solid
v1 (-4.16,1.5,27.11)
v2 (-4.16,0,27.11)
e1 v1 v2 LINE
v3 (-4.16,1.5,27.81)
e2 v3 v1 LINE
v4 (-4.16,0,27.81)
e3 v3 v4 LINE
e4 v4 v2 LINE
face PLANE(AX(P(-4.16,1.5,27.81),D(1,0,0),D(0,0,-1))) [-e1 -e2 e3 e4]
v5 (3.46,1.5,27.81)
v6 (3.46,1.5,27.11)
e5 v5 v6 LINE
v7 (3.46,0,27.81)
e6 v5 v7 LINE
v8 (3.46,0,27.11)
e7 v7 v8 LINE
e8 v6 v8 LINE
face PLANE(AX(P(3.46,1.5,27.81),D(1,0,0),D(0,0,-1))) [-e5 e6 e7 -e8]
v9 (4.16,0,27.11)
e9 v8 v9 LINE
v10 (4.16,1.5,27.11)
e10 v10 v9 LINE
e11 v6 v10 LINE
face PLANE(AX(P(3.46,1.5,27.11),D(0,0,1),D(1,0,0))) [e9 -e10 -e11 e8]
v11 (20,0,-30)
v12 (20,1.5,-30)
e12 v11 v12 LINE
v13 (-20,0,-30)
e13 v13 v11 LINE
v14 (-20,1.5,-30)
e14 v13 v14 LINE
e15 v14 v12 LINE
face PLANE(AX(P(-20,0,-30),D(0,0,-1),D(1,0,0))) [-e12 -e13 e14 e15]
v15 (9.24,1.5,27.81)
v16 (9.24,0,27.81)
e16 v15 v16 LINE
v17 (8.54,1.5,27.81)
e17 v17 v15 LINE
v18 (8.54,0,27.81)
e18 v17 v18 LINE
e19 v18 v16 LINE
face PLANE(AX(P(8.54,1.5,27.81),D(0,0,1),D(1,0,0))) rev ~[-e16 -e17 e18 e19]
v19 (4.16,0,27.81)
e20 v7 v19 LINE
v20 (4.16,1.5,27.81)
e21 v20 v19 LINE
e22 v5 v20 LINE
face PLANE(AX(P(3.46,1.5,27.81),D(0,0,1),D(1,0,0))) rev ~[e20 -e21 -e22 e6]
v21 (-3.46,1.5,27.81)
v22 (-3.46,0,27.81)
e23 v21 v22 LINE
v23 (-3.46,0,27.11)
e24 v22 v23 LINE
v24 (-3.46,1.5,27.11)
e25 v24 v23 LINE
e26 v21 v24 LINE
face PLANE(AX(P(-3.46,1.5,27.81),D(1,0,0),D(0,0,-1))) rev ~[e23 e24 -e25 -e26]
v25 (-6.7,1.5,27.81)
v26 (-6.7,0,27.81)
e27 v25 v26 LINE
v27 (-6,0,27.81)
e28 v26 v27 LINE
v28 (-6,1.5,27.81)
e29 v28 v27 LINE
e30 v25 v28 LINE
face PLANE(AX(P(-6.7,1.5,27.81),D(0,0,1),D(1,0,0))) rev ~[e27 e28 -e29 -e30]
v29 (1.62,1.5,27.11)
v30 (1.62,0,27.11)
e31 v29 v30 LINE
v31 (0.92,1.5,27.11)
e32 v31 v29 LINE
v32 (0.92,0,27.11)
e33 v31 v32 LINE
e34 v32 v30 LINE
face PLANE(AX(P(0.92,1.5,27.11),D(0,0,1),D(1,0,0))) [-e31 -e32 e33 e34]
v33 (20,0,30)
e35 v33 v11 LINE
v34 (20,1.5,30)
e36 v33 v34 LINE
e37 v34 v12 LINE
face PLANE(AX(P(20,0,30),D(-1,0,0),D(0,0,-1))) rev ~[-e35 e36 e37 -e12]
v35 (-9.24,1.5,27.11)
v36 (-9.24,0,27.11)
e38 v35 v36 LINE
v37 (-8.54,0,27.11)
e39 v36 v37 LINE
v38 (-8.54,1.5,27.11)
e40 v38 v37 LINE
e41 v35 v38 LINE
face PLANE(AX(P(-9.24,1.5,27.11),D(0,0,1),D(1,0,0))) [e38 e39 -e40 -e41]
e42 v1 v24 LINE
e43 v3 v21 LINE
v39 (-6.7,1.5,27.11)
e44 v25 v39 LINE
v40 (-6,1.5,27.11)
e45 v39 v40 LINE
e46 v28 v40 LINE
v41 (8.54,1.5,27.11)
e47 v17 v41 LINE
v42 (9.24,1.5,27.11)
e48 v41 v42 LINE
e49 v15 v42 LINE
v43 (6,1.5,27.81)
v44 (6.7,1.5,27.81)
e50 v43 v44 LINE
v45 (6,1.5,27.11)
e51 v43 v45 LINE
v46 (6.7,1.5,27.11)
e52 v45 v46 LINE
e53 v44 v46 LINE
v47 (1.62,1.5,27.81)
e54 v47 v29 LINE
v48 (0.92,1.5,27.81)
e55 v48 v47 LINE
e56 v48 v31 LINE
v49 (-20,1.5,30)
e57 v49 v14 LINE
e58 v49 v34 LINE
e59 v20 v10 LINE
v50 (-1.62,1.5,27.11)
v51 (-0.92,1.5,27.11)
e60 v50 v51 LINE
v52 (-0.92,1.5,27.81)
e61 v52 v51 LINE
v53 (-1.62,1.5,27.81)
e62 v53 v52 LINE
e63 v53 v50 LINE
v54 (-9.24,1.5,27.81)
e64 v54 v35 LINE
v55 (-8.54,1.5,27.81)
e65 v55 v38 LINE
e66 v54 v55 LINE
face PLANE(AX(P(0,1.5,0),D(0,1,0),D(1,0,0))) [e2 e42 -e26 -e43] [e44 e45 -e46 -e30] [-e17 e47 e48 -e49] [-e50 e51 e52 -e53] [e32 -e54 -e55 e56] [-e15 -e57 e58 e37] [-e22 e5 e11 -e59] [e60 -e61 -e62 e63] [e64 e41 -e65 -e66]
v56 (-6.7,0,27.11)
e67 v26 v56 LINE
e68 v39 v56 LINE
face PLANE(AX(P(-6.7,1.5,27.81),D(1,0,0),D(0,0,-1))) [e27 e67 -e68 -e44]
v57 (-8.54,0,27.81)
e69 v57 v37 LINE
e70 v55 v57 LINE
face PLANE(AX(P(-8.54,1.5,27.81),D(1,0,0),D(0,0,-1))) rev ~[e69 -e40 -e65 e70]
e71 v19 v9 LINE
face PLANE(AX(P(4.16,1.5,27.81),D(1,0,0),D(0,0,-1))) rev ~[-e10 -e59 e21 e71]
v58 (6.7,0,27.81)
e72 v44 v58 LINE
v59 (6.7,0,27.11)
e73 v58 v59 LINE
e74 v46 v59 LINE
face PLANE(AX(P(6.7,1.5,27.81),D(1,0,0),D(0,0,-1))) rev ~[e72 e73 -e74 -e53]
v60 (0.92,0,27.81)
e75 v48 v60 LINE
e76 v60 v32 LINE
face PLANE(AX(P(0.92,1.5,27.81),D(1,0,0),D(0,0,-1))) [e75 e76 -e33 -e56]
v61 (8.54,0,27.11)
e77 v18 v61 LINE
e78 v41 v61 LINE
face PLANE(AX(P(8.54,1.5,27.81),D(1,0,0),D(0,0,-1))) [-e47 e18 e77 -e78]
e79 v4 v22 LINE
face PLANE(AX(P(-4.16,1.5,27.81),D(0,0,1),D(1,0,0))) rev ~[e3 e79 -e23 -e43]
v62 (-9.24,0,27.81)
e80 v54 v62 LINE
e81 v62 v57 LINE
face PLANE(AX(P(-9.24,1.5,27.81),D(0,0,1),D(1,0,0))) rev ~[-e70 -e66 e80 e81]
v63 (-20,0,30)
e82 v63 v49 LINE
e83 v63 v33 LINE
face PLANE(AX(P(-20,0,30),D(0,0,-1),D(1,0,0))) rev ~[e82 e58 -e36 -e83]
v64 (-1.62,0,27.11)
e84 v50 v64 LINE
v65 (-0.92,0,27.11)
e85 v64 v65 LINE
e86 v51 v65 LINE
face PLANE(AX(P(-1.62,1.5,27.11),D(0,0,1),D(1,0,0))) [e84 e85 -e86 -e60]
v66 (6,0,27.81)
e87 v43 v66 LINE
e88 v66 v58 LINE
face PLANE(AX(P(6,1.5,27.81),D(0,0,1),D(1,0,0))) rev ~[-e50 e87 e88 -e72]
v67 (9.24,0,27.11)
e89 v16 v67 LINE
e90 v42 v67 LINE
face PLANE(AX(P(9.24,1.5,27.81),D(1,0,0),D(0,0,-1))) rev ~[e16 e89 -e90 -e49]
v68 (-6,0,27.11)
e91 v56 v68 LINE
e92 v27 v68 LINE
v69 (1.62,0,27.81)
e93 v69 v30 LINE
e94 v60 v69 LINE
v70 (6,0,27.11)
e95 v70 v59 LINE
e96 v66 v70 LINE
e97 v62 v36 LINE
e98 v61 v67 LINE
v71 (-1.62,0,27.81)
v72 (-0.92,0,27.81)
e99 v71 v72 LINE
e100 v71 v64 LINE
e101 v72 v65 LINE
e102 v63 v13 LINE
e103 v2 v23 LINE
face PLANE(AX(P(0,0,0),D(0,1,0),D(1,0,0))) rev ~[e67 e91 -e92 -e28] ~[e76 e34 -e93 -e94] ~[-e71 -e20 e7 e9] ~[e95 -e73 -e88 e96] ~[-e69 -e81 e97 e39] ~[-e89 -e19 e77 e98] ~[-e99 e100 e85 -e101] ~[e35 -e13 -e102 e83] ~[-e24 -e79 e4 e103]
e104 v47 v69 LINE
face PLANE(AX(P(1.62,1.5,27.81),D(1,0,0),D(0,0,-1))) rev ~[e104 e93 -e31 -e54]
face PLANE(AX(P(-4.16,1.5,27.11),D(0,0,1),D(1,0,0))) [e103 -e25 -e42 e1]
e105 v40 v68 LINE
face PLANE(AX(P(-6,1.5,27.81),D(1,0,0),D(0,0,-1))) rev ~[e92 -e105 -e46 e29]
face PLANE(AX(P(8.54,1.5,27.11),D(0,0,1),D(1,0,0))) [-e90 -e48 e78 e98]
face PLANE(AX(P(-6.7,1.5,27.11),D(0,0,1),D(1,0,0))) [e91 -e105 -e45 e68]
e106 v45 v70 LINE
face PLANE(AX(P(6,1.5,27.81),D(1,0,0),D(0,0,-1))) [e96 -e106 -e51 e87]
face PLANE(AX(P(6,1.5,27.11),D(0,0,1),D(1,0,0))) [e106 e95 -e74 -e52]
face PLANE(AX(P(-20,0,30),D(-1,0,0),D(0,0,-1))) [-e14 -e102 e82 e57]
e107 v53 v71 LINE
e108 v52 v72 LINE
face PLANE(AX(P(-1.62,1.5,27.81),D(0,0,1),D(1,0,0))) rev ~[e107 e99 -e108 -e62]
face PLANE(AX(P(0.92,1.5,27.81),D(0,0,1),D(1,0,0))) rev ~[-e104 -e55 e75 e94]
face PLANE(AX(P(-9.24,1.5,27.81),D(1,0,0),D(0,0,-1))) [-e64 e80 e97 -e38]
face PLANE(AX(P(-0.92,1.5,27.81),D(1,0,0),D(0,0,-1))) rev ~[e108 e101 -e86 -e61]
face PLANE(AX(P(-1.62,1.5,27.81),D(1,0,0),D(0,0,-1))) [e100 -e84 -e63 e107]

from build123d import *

# Parameters (mm, degrees)
SKETCH_2_W          = 40
SKETCH_2_H          = 60
EXTRUDE_1_DEPTH     = 1.5
SKETCH_3_W          = 0.7
SKETCH_3_H          = 0.7
CUT_EXTRUDE_1_DEPTH = 37.086701152


with BuildPart() as part:
    # Эскиз2 → Бобышка-Вытянуть1 (new body)
    with BuildSketch(Plane(origin=(0, 0, 0), x_dir=(1, 0, 0), z_dir=(0, 1, 0))):
        Rectangle(SKETCH_2_W, SKETCH_2_H)
    extrude(amount=EXTRUDE_1_DEPTH)

    # Эскиз3 → Вырез-Вытянуть1 (cut, through all)
    with BuildSketch(Plane(origin=(0, 1.5, 0), x_dir=(1, 0, 0), z_dir=(0, 1, 0))):
        with Locations((-3.81, -27.46)):
            Rectangle(SKETCH_3_W, SKETCH_3_H)
        with Locations((-1.27, -27.46)):
            Rectangle(SKETCH_3_W, SKETCH_3_H)
        with Locations((-6.35, -27.46)):
            Rectangle(SKETCH_3_W, SKETCH_3_H)
        with Locations((-8.89, -27.46)):
            Rectangle(SKETCH_3_W, SKETCH_3_H)
        with Locations((8.89, -27.46)):
            Rectangle(SKETCH_3_W, SKETCH_3_H)
        with Locations((6.35, -27.46)):
            Rectangle(SKETCH_3_W, SKETCH_3_H)
        with Locations((3.81, -27.46)):
            Rectangle(SKETCH_3_W, SKETCH_3_H)
        with Locations((1.27, -27.46)):
            Rectangle(SKETCH_3_W, SKETCH_3_H)
    extrude(amount=-CUT_EXTRUDE_1_DEPTH, mode=Mode.SUBTRACT)


solid = part.part
